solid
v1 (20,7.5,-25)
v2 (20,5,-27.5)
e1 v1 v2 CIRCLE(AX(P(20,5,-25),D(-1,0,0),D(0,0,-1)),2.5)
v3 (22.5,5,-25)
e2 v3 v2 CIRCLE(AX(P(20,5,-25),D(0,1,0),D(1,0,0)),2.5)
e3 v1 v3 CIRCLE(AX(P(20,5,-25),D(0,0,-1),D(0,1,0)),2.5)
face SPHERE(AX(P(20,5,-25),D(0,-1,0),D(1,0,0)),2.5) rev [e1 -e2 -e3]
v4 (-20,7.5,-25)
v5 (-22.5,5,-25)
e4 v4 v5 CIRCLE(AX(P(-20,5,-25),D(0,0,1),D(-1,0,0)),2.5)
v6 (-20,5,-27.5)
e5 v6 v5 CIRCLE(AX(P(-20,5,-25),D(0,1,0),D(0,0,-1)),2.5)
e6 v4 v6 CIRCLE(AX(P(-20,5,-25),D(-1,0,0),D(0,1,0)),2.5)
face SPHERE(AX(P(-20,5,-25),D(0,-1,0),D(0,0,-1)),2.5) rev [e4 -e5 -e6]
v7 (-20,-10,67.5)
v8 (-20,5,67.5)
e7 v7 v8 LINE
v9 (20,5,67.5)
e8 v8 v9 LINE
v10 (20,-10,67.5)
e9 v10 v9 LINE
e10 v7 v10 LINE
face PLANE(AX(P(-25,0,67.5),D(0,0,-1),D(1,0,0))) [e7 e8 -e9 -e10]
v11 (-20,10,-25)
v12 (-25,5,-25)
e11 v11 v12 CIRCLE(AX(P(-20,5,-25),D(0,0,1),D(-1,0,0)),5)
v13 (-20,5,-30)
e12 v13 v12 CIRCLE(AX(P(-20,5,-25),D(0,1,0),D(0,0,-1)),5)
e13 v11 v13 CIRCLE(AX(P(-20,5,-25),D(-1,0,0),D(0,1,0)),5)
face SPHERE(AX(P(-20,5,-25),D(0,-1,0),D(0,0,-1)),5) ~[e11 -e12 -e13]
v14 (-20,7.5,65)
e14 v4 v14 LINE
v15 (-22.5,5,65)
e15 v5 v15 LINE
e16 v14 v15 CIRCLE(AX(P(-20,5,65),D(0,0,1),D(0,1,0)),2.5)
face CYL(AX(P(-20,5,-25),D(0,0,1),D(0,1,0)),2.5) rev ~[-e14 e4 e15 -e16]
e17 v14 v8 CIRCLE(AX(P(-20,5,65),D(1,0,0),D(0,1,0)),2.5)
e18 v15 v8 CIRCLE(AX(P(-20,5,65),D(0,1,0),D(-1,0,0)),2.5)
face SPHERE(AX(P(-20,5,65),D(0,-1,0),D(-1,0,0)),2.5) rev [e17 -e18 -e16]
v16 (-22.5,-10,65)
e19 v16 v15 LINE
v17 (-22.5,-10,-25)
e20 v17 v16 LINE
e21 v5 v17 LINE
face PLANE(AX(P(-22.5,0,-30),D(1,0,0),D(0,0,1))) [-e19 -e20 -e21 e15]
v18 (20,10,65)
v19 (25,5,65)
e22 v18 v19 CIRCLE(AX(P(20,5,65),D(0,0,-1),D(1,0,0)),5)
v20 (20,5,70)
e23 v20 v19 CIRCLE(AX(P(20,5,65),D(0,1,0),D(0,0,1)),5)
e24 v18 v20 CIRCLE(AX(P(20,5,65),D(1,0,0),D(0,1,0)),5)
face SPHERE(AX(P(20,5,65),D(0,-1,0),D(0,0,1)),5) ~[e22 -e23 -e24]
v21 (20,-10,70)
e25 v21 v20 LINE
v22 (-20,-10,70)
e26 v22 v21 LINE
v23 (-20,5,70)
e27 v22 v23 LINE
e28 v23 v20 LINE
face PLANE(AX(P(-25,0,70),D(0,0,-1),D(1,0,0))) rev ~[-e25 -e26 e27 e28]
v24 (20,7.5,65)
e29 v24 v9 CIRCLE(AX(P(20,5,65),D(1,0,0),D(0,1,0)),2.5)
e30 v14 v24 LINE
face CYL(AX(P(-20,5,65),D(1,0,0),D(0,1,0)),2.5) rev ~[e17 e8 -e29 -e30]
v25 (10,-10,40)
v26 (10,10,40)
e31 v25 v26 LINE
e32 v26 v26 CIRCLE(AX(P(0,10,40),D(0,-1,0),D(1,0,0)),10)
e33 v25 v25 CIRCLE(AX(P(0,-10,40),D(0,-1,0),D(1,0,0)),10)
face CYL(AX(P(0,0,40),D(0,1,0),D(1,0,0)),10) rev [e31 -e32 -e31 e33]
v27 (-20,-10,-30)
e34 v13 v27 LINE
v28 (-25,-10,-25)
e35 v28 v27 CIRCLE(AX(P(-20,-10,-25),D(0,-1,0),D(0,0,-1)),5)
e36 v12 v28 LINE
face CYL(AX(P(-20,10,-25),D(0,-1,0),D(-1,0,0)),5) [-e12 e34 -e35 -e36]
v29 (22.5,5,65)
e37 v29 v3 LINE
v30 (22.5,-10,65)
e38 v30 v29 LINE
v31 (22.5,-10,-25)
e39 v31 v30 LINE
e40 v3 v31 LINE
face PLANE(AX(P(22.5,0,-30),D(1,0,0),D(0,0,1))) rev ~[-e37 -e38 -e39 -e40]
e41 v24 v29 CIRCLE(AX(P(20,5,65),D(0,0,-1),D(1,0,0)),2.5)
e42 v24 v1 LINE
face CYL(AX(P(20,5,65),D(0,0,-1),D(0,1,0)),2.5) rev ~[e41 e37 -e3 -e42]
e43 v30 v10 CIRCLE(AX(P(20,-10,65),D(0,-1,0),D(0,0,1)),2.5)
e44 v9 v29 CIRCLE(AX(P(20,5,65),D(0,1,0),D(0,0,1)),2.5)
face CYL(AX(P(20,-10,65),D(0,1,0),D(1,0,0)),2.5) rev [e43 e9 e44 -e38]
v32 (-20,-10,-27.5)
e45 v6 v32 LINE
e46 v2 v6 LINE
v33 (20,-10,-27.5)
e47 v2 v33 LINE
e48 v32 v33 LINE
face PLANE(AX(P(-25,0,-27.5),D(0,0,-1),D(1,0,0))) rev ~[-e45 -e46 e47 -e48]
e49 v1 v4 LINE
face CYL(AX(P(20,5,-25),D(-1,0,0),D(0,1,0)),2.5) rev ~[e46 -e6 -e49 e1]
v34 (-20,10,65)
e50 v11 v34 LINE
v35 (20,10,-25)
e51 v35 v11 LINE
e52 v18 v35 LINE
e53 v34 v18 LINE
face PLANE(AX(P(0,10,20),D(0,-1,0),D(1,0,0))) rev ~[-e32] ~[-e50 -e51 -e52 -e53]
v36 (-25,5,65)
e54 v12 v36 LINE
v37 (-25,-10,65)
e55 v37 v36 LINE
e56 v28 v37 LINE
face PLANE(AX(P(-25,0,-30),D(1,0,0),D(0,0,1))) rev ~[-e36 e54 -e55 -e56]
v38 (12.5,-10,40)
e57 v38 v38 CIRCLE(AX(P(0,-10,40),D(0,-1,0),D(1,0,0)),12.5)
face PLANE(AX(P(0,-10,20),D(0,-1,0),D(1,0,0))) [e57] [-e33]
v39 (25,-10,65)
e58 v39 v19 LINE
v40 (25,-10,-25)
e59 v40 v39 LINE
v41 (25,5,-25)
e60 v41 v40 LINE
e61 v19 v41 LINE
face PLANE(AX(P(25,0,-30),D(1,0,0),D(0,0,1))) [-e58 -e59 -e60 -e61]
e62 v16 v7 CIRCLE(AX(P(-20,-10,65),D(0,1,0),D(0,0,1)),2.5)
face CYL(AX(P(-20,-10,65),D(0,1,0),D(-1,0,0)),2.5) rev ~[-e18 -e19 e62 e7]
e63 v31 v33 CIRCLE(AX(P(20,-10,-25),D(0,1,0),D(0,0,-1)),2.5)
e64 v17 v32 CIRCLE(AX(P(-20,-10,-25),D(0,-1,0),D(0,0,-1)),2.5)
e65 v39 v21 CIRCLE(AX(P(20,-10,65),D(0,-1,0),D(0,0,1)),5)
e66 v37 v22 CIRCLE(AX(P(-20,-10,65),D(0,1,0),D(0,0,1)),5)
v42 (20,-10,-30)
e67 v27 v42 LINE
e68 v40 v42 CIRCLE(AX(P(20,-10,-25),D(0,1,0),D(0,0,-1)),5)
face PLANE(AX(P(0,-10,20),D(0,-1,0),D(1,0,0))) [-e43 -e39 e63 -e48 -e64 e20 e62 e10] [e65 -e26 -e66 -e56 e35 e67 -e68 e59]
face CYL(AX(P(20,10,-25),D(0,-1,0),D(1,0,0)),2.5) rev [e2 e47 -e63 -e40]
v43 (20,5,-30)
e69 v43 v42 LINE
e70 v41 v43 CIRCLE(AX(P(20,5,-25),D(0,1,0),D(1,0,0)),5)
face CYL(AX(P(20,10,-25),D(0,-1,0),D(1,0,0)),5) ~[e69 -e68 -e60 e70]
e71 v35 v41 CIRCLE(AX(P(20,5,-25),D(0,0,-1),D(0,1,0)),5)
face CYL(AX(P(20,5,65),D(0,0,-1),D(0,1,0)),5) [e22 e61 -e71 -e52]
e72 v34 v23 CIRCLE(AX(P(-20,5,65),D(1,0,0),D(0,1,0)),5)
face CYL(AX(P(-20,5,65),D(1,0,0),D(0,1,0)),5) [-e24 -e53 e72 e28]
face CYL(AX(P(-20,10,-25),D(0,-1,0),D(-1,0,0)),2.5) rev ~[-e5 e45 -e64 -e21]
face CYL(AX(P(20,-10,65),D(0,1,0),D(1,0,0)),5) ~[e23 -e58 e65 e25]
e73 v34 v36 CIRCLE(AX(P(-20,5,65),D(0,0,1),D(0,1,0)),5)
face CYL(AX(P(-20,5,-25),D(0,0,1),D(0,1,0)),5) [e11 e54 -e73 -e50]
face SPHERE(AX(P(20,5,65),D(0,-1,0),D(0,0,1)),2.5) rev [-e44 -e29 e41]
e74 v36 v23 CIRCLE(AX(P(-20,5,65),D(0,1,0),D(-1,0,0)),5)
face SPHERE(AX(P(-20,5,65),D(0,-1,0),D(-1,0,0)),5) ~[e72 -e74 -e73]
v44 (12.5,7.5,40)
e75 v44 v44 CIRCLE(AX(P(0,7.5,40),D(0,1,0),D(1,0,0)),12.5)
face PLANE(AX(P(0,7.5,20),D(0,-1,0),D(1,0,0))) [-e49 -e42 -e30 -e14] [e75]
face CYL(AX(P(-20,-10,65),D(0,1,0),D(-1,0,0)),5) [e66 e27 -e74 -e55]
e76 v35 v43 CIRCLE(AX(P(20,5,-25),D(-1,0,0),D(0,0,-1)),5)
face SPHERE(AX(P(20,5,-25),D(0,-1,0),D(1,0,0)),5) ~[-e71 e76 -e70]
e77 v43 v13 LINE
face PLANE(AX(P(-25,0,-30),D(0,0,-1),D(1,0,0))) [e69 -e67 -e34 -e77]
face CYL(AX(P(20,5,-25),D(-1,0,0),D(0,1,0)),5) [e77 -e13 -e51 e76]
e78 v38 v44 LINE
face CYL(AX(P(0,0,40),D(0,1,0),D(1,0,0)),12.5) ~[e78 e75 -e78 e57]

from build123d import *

# Parameters (mm, degrees)
F0_W     = 50
F0_H     = 100
F0_R     = 10
F1_DEPTH = 10
F2_R     = 5
F3_R     = 5
F4_T     = -2.5


with BuildPart() as f1:
    # F0 (on Front) → F1 (new body, symmetric)
    with BuildSketch(Plane.XZ):
        with Locations((0, 20)):
            Rectangle(F0_W, F0_H)
        Circle(F0_R, mode=Mode.SUBTRACT)
        with Locations((0, 40)):
            Circle(F0_R, mode=Mode.SUBTRACT)
        Circle(F0_R)
    extrude(amount=F1_DEPTH, both=True)

    # F2
    f2_edges = [f1.edges().sort_by_distance(p)[0] for p in [
        (-25, 0, 70),
        (25, 0, 70),
        (-25, 0, -30),
        (25, 0, -30),
    ]]
    fillet(f2_edges, radius=F2_R)

    # F3
    f3_edges = [f1.edges().sort_by_distance(p)[0] for p in [
        (0, 10, 70),
        (23.535534, 10, 68.535534),
        (25, 10, 20),
        (23.535534, 10, -28.535534),
        (0, 10, -30),
        (-23.535534, 10, -28.535534),
        (-25, 10, 20),
        (-23.535534, 10, 68.535534),
    ]]
    fillet(f3_edges, radius=F3_R)

    # F4
    f4_openings = [f1.faces().sort_by_distance(p)[0] for p in [
        (0, -10, 18.652943),
    ]]
    offset(amount=F4_T, openings=f4_openings)


solid = f1.part
